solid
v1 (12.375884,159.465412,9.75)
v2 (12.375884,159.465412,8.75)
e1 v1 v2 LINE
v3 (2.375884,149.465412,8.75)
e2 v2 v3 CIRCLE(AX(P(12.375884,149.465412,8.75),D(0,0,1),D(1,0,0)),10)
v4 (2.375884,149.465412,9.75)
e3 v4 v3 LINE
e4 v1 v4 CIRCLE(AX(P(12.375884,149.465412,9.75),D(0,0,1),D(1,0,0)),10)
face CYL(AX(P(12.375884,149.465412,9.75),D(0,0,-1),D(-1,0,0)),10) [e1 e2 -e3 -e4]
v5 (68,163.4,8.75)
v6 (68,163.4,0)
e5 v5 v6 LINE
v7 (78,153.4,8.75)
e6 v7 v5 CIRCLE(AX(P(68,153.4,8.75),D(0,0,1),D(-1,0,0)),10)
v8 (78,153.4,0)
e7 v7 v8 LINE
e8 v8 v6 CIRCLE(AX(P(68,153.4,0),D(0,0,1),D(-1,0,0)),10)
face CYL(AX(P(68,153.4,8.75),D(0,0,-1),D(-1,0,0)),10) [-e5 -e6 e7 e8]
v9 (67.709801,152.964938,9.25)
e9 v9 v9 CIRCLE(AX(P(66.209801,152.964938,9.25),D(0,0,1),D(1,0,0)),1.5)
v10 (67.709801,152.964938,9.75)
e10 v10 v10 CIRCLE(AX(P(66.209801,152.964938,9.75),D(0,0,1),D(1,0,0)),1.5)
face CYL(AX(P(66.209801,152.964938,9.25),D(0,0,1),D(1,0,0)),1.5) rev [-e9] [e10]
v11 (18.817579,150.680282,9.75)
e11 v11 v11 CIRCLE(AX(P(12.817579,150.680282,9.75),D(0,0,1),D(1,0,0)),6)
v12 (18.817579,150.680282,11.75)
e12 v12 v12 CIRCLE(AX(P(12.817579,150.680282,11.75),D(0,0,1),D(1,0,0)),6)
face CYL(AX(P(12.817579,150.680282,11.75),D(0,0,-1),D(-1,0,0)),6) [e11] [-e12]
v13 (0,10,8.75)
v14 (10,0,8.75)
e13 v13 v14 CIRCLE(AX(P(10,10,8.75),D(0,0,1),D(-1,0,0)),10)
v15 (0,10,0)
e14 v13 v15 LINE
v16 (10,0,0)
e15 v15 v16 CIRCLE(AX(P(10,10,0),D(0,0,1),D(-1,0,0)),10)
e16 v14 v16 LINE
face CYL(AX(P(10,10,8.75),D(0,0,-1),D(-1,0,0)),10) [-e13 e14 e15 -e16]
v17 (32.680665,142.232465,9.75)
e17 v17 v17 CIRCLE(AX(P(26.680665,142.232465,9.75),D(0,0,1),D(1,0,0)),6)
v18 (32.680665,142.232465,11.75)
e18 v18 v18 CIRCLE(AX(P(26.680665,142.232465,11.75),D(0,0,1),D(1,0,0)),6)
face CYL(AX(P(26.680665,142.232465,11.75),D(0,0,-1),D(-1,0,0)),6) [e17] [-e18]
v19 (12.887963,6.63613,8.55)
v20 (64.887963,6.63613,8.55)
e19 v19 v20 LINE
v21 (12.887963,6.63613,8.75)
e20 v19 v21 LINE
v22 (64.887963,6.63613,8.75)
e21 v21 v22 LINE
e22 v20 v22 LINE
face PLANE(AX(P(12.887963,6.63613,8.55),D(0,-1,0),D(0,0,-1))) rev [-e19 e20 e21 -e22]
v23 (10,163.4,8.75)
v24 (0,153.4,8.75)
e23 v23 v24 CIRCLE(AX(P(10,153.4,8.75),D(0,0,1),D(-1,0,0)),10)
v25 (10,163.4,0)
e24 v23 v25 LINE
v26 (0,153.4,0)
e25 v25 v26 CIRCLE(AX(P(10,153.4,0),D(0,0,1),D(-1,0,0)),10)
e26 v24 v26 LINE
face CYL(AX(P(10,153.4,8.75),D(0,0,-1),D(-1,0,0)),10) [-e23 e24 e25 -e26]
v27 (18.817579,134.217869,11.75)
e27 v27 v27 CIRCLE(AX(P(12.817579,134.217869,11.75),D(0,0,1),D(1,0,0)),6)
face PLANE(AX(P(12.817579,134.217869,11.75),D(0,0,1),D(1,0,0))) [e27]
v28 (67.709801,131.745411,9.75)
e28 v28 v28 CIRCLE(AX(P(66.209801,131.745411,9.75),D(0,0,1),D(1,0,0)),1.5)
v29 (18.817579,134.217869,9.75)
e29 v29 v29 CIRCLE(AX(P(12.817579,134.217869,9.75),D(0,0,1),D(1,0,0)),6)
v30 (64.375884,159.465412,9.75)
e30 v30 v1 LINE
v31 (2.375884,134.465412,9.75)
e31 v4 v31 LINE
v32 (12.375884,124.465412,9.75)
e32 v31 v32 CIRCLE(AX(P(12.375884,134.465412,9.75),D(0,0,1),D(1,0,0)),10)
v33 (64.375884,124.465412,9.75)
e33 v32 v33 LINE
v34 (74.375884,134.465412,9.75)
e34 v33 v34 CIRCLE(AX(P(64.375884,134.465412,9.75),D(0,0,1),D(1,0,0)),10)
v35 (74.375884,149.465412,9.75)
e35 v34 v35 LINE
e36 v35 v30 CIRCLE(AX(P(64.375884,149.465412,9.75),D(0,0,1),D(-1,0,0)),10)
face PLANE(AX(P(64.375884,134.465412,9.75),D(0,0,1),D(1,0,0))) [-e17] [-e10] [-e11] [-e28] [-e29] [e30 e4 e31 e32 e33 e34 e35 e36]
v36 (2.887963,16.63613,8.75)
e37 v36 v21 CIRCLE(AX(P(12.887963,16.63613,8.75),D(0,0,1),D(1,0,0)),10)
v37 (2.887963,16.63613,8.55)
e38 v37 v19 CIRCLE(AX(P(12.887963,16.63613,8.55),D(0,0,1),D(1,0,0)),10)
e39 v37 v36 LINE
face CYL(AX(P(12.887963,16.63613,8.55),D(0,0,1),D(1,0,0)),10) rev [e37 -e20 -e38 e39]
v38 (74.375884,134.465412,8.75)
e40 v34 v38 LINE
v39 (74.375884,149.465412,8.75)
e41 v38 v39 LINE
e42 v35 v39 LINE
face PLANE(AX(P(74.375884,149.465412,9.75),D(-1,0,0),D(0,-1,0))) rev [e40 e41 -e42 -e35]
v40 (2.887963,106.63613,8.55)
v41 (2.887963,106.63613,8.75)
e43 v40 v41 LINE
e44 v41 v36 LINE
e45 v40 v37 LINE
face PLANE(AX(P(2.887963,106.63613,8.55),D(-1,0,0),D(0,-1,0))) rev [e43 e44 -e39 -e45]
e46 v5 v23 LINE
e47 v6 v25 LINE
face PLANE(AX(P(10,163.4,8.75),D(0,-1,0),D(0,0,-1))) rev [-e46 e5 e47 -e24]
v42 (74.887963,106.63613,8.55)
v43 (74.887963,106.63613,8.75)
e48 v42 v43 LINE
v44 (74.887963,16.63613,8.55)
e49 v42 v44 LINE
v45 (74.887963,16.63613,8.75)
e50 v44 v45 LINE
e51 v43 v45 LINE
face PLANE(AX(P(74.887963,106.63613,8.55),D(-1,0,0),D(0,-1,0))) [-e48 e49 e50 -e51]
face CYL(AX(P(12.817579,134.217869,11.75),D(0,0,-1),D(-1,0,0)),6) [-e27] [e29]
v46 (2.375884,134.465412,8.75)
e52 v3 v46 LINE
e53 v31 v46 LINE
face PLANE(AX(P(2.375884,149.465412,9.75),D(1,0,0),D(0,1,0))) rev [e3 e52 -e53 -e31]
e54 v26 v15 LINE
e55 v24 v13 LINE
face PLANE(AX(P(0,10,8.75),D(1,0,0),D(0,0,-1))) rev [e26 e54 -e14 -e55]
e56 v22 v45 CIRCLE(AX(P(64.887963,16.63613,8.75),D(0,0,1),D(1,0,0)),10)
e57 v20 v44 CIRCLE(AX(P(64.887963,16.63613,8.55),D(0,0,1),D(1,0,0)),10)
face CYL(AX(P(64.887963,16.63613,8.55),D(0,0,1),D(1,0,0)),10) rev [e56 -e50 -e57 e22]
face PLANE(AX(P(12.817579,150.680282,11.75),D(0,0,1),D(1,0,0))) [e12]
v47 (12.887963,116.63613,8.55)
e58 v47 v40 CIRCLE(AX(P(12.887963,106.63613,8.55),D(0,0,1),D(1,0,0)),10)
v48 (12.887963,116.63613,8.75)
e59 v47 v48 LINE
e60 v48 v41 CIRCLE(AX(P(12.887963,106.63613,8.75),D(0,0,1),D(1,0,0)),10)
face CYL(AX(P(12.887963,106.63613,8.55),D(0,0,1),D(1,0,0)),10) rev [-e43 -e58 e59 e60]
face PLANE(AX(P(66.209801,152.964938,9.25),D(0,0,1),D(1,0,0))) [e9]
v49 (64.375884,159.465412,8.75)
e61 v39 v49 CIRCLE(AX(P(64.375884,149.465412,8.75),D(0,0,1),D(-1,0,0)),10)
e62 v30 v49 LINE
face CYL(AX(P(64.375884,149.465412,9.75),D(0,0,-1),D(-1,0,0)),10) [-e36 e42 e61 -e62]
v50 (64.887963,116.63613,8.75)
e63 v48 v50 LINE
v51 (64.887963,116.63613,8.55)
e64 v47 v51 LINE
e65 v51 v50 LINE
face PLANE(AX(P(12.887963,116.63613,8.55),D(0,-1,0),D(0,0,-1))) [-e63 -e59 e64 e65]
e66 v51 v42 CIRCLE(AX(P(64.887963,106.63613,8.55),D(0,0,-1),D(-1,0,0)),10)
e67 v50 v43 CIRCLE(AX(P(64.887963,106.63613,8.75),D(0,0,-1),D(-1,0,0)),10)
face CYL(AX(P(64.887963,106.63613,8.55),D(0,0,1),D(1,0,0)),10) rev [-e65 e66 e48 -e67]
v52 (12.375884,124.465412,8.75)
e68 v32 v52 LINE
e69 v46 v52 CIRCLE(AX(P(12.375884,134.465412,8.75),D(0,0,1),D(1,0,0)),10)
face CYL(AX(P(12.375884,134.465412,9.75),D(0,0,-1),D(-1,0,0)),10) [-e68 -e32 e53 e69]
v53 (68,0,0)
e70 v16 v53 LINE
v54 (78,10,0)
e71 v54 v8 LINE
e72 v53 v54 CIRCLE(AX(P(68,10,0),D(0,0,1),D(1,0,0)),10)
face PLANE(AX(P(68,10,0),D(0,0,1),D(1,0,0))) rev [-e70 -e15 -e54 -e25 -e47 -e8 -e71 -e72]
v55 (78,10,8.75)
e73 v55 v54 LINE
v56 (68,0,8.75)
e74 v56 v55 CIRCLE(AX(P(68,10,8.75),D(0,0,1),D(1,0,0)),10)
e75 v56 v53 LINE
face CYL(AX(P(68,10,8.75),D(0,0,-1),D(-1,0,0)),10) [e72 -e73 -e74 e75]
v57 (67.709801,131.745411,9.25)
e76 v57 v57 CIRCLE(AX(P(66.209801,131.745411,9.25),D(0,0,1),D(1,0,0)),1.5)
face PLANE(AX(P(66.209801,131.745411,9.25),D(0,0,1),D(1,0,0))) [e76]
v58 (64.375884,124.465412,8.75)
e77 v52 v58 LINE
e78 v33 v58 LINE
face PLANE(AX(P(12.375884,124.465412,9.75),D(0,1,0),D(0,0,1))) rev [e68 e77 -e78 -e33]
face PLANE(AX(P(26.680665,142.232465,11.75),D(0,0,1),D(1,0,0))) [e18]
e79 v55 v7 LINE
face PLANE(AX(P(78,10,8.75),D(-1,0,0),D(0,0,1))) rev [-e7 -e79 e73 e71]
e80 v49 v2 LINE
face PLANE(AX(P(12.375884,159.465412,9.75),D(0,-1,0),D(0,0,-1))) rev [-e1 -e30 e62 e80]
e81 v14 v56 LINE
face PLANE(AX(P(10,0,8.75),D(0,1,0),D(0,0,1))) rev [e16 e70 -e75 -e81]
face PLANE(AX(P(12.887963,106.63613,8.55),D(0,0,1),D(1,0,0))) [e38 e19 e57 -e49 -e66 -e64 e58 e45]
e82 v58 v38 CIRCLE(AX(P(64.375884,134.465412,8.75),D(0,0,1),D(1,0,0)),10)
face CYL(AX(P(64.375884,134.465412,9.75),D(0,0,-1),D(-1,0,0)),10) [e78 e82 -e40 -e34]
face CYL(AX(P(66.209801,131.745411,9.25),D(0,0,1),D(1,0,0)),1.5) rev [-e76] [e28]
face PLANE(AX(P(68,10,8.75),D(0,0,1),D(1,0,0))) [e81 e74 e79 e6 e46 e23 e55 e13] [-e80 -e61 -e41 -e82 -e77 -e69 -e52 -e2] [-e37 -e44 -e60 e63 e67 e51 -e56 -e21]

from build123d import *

# Parameters (mm, degrees)
BOSS_EXTRU_1_DEPTH      = 8.75
BOSS_EXTRU_2_DEPTH      = 1
ESQUISSE5_R             = 6
BOSS_EXTRU_3_DEPTH      = 2
ESQUISSE6_R             = 1.5
ENL_V_MAT_EXTRU_1_DEPTH = 0.5
ENL_V_MAT_EXTRU_2_DEPTH = 0.2


with BuildPart() as part:
    # Esquisse2 → Boss.-Extru.1 (new body)
    with BuildSketch(Plane.XY):
        with BuildLine():
            Line((10, 0), (68, 0))
            ThreePointArc((68, 0), (75.071067812, 2.928932188), (78, 10))
            Line((78, 10), (78, 153.4))
            ThreePointArc((78, 153.4), (75.071067812, 160.471067812), (68, 163.4))
            Line((68, 163.4), (10, 163.4))
            ThreePointArc((10, 163.4), (2.928932188, 160.471067812), (0, 153.4))
            Line((0, 153.4), (0, 10))
            ThreePointArc((0, 10), (2.928932188, 2.928932188), (10, 0))
        make_face()
    extrude(amount=BOSS_EXTRU_1_DEPTH)

    # Esquisse4 → Boss.-Extru.2 (add)
    with BuildSketch(Plane.XY.offset(8.75)):
        with BuildLine():
            Line((12.375884012, 159.465412193), (64.375884012, 159.465412193))
            ThreePointArc((64.375884012, 159.465412193), (71.446951823, 156.536480005), (74.375884012, 149.465412193))
            Line((74.375884012, 149.465412193), (74.375884012, 134.465412193))
            ThreePointArc((74.375884012, 134.465412193), (71.446951823, 127.394344381), (64.375884012, 124.465412193))
            Line((64.375884012, 124.465412193), (12.375884012, 124.465412193))
            ThreePointArc((12.375884012, 124.465412193), (5.3048162, 127.394344381), (2.375884012, 134.465412193))
            Line((2.375884012, 134.465412193), (2.375884012, 149.465412193))
            ThreePointArc((2.375884012, 149.465412193), (5.3048162, 156.536480005), (12.375884012, 159.465412193))
        make_face()
    extrude(amount=BOSS_EXTRU_2_DEPTH)

    # Esquisse5 → Boss.-Extru.3 (add)
    with BuildSketch(Plane.XY.offset(9.75)):
        with Locations((12.817579428, 150.680282261)):
            Circle(ESQUISSE5_R)
        with Locations((26.680664603, 142.232464732)):
            Circle(ESQUISSE5_R)
        with Locations((12.817579428, 134.217868615)):
            Circle(ESQUISSE5_R)
    extrude(amount=BOSS_EXTRU_3_DEPTH)

    # Esquisse6 → Enlèv. mat.-Extru.1 (cut)
    with BuildSketch(Plane.XY.offset(9.75)):
        with Locations((66.209801176, 152.964938364)):
            Circle(ESQUISSE6_R)
        with Locations((66.209801176, 131.745411373)):
            Circle(ESQUISSE6_R)
    extrude(amount=-ENL_V_MAT_EXTRU_1_DEPTH, mode=Mode.SUBTRACT)

    # Esquisse9 → Enlèv. mat.-Extru.2 (cut)
    with BuildSketch(Plane.XY.offset(8.75)):
        with BuildLine():
            Line((12.887963043, 116.636129809), (64.887963043, 116.636129809))
            ThreePointArc((64.887963043, 116.636129809), (71.959030855, 113.707197621), (74.887963043, 106.636129809))
            Line((74.887963043, 106.636129809), (74.887963043, 16.636129809))
            ThreePointArc((74.887963043, 16.636129809), (71.959030855, 9.565061997), (64.887963043, 6.636129809))
            Line((64.887963043, 6.636129809), (12.887963043, 6.636129809))
            ThreePointArc((12.887963043, 6.636129809), (5.816895231, 9.565061997), (2.887963043, 16.636129809))
            Line((2.887963043, 16.636129809), (2.887963043, 106.636129809))
            ThreePointArc((2.887963043, 106.636129809), (5.816895231, 113.707197621), (12.887963043, 116.636129809))
        make_face()
    extrude(amount=-ENL_V_MAT_EXTRU_2_DEPTH, mode=Mode.SUBTRACT)


solid = part.part
